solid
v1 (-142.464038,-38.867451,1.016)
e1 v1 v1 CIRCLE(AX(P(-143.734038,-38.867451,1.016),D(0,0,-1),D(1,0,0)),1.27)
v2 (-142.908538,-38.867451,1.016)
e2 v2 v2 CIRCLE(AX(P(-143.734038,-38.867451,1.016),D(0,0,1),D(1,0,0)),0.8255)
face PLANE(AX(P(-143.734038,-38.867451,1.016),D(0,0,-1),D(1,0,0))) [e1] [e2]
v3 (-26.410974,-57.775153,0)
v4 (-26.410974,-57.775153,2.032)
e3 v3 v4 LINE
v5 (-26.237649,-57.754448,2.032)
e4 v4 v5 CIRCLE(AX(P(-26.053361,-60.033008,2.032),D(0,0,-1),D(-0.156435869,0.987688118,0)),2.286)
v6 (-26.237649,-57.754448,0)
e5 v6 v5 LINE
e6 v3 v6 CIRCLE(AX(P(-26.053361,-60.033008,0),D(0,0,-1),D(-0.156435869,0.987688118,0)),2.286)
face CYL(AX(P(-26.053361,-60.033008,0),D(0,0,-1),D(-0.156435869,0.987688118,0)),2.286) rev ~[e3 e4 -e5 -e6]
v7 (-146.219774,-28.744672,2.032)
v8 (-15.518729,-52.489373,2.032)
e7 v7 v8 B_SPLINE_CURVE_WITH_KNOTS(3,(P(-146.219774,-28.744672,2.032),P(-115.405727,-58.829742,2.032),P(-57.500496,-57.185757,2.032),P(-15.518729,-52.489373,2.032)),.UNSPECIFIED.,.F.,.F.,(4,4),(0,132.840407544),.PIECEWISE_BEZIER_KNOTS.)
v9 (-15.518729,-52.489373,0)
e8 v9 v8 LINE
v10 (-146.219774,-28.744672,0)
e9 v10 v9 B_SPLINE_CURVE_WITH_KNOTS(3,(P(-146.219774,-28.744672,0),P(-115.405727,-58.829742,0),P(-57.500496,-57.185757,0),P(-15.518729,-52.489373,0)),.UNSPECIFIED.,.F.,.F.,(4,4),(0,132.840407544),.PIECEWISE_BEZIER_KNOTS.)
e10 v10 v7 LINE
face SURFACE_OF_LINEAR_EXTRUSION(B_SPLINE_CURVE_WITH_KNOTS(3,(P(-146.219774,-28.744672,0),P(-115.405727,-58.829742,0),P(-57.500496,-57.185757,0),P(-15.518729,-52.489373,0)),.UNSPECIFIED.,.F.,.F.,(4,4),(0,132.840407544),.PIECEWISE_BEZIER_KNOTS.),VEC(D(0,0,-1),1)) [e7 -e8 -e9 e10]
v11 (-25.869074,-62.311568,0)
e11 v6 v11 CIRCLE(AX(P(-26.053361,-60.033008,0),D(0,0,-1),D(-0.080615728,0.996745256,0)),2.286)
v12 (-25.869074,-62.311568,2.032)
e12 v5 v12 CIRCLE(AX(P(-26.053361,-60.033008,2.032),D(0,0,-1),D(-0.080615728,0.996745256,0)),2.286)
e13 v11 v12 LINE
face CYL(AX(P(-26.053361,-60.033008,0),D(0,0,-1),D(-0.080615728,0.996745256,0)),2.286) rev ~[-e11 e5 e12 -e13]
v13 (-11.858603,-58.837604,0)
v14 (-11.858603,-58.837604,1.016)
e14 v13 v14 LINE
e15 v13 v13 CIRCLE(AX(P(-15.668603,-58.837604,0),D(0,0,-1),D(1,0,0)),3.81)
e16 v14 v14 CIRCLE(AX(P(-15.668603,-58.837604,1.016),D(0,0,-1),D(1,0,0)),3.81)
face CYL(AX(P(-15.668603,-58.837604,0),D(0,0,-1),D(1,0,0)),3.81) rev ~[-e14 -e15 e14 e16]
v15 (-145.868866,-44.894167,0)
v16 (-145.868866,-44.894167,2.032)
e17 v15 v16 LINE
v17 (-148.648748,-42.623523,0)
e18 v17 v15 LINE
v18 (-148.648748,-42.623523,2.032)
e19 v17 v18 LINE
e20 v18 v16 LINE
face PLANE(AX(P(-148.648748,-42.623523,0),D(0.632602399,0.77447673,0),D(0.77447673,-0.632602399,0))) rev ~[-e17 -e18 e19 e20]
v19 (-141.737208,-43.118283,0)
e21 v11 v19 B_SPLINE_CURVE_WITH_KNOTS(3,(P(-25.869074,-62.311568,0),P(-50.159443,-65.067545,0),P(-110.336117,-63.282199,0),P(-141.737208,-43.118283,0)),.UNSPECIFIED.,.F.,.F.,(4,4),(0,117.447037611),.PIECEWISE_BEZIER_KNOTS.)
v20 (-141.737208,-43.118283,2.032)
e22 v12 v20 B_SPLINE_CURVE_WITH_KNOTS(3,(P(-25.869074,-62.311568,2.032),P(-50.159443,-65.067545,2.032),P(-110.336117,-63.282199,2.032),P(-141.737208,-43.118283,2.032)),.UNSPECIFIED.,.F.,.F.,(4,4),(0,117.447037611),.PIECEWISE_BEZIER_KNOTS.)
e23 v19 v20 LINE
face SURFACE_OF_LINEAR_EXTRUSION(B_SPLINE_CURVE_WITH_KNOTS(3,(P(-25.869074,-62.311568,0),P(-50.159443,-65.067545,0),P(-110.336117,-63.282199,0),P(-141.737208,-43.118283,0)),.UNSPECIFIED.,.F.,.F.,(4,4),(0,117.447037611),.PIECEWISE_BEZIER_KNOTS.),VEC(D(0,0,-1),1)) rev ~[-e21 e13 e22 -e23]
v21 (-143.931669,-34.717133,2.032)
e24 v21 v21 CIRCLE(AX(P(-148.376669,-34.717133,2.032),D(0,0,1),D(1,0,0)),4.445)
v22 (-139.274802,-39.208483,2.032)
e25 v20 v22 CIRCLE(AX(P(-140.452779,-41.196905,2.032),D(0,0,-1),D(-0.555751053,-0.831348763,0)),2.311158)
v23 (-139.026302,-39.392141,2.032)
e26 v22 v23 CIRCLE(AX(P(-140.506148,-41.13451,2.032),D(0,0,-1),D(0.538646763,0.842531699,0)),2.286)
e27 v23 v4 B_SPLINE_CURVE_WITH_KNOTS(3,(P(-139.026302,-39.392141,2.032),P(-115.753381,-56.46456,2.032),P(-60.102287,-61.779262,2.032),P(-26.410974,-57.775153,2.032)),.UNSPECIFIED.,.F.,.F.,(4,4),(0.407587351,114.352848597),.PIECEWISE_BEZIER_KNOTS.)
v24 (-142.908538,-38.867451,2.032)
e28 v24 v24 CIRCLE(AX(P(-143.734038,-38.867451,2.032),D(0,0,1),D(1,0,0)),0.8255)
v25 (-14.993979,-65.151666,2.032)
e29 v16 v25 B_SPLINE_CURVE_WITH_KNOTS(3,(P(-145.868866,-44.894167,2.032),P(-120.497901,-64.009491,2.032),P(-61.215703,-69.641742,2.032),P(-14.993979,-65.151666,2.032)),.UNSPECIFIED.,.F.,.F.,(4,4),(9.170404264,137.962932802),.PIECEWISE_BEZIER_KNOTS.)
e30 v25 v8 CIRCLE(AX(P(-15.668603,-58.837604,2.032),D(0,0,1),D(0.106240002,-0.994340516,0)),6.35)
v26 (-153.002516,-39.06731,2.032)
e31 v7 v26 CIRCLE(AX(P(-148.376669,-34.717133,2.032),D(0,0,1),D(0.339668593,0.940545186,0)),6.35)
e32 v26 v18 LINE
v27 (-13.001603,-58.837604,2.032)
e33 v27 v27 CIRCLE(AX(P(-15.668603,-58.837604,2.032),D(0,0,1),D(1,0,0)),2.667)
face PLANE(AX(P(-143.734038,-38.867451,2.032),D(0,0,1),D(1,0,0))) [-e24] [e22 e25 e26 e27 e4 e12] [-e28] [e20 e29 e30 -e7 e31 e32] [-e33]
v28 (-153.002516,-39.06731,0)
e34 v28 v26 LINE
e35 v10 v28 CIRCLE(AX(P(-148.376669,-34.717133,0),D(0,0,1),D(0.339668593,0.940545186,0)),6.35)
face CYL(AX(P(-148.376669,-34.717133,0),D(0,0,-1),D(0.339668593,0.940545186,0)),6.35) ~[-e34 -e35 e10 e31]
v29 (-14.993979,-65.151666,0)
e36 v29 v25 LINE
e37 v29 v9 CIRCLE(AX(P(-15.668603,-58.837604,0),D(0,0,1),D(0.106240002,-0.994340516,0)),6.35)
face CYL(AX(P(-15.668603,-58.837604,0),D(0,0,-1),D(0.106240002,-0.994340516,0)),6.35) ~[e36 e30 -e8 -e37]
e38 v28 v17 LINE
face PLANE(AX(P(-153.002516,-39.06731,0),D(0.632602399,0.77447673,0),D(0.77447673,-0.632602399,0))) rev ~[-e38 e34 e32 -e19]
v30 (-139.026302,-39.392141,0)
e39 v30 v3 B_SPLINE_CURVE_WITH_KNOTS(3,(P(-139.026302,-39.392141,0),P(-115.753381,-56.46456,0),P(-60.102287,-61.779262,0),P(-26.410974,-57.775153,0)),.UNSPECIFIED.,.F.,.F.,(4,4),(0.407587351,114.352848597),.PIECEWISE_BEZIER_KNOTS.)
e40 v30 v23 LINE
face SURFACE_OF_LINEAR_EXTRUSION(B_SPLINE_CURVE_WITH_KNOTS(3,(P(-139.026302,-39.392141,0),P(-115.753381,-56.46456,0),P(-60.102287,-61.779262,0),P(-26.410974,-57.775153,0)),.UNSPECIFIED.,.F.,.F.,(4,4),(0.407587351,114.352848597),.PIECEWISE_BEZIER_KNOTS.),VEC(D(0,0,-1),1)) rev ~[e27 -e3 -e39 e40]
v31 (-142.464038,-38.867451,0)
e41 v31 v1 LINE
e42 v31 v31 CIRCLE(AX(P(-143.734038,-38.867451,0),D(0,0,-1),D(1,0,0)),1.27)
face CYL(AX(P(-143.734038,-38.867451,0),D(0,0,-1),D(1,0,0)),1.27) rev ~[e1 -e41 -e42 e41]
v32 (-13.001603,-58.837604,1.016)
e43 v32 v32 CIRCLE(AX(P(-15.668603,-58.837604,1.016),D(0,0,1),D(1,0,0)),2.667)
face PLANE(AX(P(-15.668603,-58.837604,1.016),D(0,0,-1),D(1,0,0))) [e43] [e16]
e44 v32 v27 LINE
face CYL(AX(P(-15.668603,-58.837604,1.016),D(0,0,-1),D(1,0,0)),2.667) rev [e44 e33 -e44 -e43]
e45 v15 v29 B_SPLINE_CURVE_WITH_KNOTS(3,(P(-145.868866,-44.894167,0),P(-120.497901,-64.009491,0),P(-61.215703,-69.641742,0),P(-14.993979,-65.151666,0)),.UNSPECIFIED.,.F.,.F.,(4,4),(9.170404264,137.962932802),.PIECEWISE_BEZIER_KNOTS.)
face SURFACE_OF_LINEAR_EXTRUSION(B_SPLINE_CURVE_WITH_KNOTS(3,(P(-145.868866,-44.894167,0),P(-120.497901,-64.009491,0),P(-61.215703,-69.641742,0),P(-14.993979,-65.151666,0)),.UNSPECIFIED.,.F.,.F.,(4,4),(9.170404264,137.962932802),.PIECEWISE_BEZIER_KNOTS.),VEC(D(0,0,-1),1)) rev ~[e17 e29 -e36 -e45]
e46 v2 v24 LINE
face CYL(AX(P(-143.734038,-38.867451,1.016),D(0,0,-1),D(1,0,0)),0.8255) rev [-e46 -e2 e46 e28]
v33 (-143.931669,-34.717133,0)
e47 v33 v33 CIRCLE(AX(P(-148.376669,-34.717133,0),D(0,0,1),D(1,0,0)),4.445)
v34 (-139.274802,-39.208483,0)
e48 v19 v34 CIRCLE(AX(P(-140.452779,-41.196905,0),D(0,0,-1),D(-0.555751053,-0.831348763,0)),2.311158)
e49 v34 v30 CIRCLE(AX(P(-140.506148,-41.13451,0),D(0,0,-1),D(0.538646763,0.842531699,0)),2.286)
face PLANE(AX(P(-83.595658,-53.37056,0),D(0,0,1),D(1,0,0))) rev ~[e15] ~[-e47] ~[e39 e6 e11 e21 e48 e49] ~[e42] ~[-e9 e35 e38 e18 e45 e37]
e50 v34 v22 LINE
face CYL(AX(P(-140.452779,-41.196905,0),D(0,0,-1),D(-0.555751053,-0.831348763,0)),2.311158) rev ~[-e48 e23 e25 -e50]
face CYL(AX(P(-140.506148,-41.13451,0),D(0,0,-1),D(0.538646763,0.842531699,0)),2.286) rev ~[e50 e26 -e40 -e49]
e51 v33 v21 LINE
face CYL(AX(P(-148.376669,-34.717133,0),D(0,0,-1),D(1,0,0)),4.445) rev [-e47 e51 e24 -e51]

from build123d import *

# Parameters (mm, degrees)
F0_R      = 2.667
F0_R_2    = 4.445
F1_DEPTH  = 2.032
F2_R      = 3.81
F2_R_2    = 2.667
F3_DEPTH  = 1.016
F4_R      = 0.8255
F5_DEPTH  = 25.4
F6_R      = 1.27
F6_R_2    = 0.8255
F7_DEPTH  = 1.016
F8_DEPTH  = 1.016
F9_R      = 1.27
F9_R_2    = 0.8255
F9_R_3    = 3.81
F9_R_4    = 2.667
F10_DEPTH = 1.016


with BuildPart() as f1:
    # F0 (on Top) → F1 (new body)
    with BuildSketch(Plane.XY):
        with BuildLine():
            add(Edge.make_bspline(
                [(-145.8688657386, -44.8941665066), (-120.4979013513, -64.0094905591), (-61.2157028163, -69.6417423021), (-14.9939787657, -65.1516662724)],
                knots=[9.1704042636, 9.1704042636, 9.1704042636, 9.1704042636, 137.9629328019, 137.9629328019, 137.9629328019, 137.9629328019], degree=3))
            ThreePointArc((-14.9939787657, -65.1516662724), (-9.3240486247, -58.5746731476), (-15.5187291961, -52.4893729096))
            add(Edge.make_bspline(
                [(-146.219773699, -28.7446715558), (-115.4057267109, -58.8297417696), (-57.5004960396, -57.185757191), (-15.5187291961, -52.4893729096)],
                knots=[0, 0, 0, 0, 132.8404075443, 132.8404075443, 132.8404075443, 132.8404075443], degree=3))
            ThreePointArc((-146.219773699, -28.7446715558), (-153.6835655793, -31.2301073118), (-153.0025163181, -39.0673103865))
            Line((-153.0025163181, -39.0673103865), (-148.6487479934, -42.6235234818))
            Line((-148.6487479934, -42.6235234818), (-145.8688657386, -44.8941665066))
        make_face()
        with BuildLine():
            ThreePointArc((-139.2748018361, -39.2084827255), (-139.1474453557, -39.29610811), (-139.0263023063, -39.3921406184))
            add(Edge.make_bspline(
                [(-139.0263023063, -39.3921406184), (-115.7533807903, -56.4645604087), (-60.1022871914, -61.7792620614), (-26.4109737279, -57.7751529221)],
                knots=[0.4075873512, 0.4075873512, 0.4075873512, 0.4075873512, 114.3528485972, 114.3528485972, 114.3528485972, 114.3528485972], degree=3))
            ThreePointArc((-26.4109737279, -57.7751529221), (-26.3245090015, -57.7631456427), (-26.237648884, -57.754448306))
            ThreePointArc((-26.237648884, -57.754448306), (-23.7748016763, -59.8487204067), (-25.869073777, -62.3115676144))
            add(Edge.make_bspline(
                [(-25.869073777, -62.3115676144), (-50.1594431698, -65.0675445795), (-110.3361174464, -63.282199204), (-141.7372077703, -43.1182831526)],
                knots=[0, 0, 0, 0, 117.4470376107, 117.4470376107, 117.4470376107, 117.4470376107], degree=3))
            ThreePointArc((-141.7372077703, -43.1182831526), (-142.408403822, -39.9652454073), (-139.2748018361, -39.2084827255))
        make_face(mode=Mode.SUBTRACT)
        with Locations((-15.6686027753, -58.8376039948)):
            Circle(F0_R, mode=Mode.SUBTRACT)
        with Locations((-148.3766692678, -34.7171334858)):
            Circle(F0_R_2, mode=Mode.SUBTRACT)
    extrude(amount=F1_DEPTH)

    # F2 (on face) → F3 (cut)
    with BuildSketch(Plane.XY.offset(2.032)):
        with Locations((-15.6686027753, -58.8376039948)):
            Circle(F2_R)
        with Locations((-15.6686027753, -58.8376039948)):
            Circle(F2_R_2, mode=Mode.SUBTRACT)
    extrude(amount=-F3_DEPTH, mode=Mode.SUBTRACT)

    # F4 (on face) → F5 (cut)
    with BuildSketch(Plane.XY.offset(2.032)):
        with Locations((-143.7340378761, -38.8674512506)):
            Circle(F4_R)
    extrude(amount=-F5_DEPTH, mode=Mode.SUBTRACT)

    # F6 (on face) → F7 (cut)
    with BuildSketch(Plane.XY.offset(2.032)):
        with Locations((-143.7340378761, -38.8674512506)):
            Circle(F6_R)
        with Locations((-143.7340378761, -38.8674512506)):
            Circle(F6_R_2, mode=Mode.SUBTRACT)
    extrude(amount=-F7_DEPTH, mode=Mode.SUBTRACT)

    # F8 (add, through all): faces of the model
    f8_faces = [f1.faces().sort_by_distance(p)[0] for p in [
        (-144.9681168516, -38.8674512506, 1.016),
        (-19.3708397018, -58.8376039948, 1.016),
    ]]
    extrude(f8_faces, amount=F8_DEPTH)

    # F9 (on face) → F10 (cut)
    with BuildSketch(Plane(origin=(0, 0, 0), x_dir=(1, 0, 0), z_dir=(0, 0, -1))):
        with Locations((-143.7340378761, 38.8674512506)):
            Circle(F9_R)
        with Locations((-143.7340378761, 38.8674512506)):
            Circle(F9_R_2, mode=Mode.SUBTRACT)
        with Locations((-15.6686027753, 58.8376039948)):
            Circle(F9_R_3)
        with Locations((-15.6686027753, 58.8376039948)):
            Circle(F9_R_4, mode=Mode.SUBTRACT)
    extrude(amount=-F10_DEPTH, mode=Mode.SUBTRACT)


solid = f1.part
